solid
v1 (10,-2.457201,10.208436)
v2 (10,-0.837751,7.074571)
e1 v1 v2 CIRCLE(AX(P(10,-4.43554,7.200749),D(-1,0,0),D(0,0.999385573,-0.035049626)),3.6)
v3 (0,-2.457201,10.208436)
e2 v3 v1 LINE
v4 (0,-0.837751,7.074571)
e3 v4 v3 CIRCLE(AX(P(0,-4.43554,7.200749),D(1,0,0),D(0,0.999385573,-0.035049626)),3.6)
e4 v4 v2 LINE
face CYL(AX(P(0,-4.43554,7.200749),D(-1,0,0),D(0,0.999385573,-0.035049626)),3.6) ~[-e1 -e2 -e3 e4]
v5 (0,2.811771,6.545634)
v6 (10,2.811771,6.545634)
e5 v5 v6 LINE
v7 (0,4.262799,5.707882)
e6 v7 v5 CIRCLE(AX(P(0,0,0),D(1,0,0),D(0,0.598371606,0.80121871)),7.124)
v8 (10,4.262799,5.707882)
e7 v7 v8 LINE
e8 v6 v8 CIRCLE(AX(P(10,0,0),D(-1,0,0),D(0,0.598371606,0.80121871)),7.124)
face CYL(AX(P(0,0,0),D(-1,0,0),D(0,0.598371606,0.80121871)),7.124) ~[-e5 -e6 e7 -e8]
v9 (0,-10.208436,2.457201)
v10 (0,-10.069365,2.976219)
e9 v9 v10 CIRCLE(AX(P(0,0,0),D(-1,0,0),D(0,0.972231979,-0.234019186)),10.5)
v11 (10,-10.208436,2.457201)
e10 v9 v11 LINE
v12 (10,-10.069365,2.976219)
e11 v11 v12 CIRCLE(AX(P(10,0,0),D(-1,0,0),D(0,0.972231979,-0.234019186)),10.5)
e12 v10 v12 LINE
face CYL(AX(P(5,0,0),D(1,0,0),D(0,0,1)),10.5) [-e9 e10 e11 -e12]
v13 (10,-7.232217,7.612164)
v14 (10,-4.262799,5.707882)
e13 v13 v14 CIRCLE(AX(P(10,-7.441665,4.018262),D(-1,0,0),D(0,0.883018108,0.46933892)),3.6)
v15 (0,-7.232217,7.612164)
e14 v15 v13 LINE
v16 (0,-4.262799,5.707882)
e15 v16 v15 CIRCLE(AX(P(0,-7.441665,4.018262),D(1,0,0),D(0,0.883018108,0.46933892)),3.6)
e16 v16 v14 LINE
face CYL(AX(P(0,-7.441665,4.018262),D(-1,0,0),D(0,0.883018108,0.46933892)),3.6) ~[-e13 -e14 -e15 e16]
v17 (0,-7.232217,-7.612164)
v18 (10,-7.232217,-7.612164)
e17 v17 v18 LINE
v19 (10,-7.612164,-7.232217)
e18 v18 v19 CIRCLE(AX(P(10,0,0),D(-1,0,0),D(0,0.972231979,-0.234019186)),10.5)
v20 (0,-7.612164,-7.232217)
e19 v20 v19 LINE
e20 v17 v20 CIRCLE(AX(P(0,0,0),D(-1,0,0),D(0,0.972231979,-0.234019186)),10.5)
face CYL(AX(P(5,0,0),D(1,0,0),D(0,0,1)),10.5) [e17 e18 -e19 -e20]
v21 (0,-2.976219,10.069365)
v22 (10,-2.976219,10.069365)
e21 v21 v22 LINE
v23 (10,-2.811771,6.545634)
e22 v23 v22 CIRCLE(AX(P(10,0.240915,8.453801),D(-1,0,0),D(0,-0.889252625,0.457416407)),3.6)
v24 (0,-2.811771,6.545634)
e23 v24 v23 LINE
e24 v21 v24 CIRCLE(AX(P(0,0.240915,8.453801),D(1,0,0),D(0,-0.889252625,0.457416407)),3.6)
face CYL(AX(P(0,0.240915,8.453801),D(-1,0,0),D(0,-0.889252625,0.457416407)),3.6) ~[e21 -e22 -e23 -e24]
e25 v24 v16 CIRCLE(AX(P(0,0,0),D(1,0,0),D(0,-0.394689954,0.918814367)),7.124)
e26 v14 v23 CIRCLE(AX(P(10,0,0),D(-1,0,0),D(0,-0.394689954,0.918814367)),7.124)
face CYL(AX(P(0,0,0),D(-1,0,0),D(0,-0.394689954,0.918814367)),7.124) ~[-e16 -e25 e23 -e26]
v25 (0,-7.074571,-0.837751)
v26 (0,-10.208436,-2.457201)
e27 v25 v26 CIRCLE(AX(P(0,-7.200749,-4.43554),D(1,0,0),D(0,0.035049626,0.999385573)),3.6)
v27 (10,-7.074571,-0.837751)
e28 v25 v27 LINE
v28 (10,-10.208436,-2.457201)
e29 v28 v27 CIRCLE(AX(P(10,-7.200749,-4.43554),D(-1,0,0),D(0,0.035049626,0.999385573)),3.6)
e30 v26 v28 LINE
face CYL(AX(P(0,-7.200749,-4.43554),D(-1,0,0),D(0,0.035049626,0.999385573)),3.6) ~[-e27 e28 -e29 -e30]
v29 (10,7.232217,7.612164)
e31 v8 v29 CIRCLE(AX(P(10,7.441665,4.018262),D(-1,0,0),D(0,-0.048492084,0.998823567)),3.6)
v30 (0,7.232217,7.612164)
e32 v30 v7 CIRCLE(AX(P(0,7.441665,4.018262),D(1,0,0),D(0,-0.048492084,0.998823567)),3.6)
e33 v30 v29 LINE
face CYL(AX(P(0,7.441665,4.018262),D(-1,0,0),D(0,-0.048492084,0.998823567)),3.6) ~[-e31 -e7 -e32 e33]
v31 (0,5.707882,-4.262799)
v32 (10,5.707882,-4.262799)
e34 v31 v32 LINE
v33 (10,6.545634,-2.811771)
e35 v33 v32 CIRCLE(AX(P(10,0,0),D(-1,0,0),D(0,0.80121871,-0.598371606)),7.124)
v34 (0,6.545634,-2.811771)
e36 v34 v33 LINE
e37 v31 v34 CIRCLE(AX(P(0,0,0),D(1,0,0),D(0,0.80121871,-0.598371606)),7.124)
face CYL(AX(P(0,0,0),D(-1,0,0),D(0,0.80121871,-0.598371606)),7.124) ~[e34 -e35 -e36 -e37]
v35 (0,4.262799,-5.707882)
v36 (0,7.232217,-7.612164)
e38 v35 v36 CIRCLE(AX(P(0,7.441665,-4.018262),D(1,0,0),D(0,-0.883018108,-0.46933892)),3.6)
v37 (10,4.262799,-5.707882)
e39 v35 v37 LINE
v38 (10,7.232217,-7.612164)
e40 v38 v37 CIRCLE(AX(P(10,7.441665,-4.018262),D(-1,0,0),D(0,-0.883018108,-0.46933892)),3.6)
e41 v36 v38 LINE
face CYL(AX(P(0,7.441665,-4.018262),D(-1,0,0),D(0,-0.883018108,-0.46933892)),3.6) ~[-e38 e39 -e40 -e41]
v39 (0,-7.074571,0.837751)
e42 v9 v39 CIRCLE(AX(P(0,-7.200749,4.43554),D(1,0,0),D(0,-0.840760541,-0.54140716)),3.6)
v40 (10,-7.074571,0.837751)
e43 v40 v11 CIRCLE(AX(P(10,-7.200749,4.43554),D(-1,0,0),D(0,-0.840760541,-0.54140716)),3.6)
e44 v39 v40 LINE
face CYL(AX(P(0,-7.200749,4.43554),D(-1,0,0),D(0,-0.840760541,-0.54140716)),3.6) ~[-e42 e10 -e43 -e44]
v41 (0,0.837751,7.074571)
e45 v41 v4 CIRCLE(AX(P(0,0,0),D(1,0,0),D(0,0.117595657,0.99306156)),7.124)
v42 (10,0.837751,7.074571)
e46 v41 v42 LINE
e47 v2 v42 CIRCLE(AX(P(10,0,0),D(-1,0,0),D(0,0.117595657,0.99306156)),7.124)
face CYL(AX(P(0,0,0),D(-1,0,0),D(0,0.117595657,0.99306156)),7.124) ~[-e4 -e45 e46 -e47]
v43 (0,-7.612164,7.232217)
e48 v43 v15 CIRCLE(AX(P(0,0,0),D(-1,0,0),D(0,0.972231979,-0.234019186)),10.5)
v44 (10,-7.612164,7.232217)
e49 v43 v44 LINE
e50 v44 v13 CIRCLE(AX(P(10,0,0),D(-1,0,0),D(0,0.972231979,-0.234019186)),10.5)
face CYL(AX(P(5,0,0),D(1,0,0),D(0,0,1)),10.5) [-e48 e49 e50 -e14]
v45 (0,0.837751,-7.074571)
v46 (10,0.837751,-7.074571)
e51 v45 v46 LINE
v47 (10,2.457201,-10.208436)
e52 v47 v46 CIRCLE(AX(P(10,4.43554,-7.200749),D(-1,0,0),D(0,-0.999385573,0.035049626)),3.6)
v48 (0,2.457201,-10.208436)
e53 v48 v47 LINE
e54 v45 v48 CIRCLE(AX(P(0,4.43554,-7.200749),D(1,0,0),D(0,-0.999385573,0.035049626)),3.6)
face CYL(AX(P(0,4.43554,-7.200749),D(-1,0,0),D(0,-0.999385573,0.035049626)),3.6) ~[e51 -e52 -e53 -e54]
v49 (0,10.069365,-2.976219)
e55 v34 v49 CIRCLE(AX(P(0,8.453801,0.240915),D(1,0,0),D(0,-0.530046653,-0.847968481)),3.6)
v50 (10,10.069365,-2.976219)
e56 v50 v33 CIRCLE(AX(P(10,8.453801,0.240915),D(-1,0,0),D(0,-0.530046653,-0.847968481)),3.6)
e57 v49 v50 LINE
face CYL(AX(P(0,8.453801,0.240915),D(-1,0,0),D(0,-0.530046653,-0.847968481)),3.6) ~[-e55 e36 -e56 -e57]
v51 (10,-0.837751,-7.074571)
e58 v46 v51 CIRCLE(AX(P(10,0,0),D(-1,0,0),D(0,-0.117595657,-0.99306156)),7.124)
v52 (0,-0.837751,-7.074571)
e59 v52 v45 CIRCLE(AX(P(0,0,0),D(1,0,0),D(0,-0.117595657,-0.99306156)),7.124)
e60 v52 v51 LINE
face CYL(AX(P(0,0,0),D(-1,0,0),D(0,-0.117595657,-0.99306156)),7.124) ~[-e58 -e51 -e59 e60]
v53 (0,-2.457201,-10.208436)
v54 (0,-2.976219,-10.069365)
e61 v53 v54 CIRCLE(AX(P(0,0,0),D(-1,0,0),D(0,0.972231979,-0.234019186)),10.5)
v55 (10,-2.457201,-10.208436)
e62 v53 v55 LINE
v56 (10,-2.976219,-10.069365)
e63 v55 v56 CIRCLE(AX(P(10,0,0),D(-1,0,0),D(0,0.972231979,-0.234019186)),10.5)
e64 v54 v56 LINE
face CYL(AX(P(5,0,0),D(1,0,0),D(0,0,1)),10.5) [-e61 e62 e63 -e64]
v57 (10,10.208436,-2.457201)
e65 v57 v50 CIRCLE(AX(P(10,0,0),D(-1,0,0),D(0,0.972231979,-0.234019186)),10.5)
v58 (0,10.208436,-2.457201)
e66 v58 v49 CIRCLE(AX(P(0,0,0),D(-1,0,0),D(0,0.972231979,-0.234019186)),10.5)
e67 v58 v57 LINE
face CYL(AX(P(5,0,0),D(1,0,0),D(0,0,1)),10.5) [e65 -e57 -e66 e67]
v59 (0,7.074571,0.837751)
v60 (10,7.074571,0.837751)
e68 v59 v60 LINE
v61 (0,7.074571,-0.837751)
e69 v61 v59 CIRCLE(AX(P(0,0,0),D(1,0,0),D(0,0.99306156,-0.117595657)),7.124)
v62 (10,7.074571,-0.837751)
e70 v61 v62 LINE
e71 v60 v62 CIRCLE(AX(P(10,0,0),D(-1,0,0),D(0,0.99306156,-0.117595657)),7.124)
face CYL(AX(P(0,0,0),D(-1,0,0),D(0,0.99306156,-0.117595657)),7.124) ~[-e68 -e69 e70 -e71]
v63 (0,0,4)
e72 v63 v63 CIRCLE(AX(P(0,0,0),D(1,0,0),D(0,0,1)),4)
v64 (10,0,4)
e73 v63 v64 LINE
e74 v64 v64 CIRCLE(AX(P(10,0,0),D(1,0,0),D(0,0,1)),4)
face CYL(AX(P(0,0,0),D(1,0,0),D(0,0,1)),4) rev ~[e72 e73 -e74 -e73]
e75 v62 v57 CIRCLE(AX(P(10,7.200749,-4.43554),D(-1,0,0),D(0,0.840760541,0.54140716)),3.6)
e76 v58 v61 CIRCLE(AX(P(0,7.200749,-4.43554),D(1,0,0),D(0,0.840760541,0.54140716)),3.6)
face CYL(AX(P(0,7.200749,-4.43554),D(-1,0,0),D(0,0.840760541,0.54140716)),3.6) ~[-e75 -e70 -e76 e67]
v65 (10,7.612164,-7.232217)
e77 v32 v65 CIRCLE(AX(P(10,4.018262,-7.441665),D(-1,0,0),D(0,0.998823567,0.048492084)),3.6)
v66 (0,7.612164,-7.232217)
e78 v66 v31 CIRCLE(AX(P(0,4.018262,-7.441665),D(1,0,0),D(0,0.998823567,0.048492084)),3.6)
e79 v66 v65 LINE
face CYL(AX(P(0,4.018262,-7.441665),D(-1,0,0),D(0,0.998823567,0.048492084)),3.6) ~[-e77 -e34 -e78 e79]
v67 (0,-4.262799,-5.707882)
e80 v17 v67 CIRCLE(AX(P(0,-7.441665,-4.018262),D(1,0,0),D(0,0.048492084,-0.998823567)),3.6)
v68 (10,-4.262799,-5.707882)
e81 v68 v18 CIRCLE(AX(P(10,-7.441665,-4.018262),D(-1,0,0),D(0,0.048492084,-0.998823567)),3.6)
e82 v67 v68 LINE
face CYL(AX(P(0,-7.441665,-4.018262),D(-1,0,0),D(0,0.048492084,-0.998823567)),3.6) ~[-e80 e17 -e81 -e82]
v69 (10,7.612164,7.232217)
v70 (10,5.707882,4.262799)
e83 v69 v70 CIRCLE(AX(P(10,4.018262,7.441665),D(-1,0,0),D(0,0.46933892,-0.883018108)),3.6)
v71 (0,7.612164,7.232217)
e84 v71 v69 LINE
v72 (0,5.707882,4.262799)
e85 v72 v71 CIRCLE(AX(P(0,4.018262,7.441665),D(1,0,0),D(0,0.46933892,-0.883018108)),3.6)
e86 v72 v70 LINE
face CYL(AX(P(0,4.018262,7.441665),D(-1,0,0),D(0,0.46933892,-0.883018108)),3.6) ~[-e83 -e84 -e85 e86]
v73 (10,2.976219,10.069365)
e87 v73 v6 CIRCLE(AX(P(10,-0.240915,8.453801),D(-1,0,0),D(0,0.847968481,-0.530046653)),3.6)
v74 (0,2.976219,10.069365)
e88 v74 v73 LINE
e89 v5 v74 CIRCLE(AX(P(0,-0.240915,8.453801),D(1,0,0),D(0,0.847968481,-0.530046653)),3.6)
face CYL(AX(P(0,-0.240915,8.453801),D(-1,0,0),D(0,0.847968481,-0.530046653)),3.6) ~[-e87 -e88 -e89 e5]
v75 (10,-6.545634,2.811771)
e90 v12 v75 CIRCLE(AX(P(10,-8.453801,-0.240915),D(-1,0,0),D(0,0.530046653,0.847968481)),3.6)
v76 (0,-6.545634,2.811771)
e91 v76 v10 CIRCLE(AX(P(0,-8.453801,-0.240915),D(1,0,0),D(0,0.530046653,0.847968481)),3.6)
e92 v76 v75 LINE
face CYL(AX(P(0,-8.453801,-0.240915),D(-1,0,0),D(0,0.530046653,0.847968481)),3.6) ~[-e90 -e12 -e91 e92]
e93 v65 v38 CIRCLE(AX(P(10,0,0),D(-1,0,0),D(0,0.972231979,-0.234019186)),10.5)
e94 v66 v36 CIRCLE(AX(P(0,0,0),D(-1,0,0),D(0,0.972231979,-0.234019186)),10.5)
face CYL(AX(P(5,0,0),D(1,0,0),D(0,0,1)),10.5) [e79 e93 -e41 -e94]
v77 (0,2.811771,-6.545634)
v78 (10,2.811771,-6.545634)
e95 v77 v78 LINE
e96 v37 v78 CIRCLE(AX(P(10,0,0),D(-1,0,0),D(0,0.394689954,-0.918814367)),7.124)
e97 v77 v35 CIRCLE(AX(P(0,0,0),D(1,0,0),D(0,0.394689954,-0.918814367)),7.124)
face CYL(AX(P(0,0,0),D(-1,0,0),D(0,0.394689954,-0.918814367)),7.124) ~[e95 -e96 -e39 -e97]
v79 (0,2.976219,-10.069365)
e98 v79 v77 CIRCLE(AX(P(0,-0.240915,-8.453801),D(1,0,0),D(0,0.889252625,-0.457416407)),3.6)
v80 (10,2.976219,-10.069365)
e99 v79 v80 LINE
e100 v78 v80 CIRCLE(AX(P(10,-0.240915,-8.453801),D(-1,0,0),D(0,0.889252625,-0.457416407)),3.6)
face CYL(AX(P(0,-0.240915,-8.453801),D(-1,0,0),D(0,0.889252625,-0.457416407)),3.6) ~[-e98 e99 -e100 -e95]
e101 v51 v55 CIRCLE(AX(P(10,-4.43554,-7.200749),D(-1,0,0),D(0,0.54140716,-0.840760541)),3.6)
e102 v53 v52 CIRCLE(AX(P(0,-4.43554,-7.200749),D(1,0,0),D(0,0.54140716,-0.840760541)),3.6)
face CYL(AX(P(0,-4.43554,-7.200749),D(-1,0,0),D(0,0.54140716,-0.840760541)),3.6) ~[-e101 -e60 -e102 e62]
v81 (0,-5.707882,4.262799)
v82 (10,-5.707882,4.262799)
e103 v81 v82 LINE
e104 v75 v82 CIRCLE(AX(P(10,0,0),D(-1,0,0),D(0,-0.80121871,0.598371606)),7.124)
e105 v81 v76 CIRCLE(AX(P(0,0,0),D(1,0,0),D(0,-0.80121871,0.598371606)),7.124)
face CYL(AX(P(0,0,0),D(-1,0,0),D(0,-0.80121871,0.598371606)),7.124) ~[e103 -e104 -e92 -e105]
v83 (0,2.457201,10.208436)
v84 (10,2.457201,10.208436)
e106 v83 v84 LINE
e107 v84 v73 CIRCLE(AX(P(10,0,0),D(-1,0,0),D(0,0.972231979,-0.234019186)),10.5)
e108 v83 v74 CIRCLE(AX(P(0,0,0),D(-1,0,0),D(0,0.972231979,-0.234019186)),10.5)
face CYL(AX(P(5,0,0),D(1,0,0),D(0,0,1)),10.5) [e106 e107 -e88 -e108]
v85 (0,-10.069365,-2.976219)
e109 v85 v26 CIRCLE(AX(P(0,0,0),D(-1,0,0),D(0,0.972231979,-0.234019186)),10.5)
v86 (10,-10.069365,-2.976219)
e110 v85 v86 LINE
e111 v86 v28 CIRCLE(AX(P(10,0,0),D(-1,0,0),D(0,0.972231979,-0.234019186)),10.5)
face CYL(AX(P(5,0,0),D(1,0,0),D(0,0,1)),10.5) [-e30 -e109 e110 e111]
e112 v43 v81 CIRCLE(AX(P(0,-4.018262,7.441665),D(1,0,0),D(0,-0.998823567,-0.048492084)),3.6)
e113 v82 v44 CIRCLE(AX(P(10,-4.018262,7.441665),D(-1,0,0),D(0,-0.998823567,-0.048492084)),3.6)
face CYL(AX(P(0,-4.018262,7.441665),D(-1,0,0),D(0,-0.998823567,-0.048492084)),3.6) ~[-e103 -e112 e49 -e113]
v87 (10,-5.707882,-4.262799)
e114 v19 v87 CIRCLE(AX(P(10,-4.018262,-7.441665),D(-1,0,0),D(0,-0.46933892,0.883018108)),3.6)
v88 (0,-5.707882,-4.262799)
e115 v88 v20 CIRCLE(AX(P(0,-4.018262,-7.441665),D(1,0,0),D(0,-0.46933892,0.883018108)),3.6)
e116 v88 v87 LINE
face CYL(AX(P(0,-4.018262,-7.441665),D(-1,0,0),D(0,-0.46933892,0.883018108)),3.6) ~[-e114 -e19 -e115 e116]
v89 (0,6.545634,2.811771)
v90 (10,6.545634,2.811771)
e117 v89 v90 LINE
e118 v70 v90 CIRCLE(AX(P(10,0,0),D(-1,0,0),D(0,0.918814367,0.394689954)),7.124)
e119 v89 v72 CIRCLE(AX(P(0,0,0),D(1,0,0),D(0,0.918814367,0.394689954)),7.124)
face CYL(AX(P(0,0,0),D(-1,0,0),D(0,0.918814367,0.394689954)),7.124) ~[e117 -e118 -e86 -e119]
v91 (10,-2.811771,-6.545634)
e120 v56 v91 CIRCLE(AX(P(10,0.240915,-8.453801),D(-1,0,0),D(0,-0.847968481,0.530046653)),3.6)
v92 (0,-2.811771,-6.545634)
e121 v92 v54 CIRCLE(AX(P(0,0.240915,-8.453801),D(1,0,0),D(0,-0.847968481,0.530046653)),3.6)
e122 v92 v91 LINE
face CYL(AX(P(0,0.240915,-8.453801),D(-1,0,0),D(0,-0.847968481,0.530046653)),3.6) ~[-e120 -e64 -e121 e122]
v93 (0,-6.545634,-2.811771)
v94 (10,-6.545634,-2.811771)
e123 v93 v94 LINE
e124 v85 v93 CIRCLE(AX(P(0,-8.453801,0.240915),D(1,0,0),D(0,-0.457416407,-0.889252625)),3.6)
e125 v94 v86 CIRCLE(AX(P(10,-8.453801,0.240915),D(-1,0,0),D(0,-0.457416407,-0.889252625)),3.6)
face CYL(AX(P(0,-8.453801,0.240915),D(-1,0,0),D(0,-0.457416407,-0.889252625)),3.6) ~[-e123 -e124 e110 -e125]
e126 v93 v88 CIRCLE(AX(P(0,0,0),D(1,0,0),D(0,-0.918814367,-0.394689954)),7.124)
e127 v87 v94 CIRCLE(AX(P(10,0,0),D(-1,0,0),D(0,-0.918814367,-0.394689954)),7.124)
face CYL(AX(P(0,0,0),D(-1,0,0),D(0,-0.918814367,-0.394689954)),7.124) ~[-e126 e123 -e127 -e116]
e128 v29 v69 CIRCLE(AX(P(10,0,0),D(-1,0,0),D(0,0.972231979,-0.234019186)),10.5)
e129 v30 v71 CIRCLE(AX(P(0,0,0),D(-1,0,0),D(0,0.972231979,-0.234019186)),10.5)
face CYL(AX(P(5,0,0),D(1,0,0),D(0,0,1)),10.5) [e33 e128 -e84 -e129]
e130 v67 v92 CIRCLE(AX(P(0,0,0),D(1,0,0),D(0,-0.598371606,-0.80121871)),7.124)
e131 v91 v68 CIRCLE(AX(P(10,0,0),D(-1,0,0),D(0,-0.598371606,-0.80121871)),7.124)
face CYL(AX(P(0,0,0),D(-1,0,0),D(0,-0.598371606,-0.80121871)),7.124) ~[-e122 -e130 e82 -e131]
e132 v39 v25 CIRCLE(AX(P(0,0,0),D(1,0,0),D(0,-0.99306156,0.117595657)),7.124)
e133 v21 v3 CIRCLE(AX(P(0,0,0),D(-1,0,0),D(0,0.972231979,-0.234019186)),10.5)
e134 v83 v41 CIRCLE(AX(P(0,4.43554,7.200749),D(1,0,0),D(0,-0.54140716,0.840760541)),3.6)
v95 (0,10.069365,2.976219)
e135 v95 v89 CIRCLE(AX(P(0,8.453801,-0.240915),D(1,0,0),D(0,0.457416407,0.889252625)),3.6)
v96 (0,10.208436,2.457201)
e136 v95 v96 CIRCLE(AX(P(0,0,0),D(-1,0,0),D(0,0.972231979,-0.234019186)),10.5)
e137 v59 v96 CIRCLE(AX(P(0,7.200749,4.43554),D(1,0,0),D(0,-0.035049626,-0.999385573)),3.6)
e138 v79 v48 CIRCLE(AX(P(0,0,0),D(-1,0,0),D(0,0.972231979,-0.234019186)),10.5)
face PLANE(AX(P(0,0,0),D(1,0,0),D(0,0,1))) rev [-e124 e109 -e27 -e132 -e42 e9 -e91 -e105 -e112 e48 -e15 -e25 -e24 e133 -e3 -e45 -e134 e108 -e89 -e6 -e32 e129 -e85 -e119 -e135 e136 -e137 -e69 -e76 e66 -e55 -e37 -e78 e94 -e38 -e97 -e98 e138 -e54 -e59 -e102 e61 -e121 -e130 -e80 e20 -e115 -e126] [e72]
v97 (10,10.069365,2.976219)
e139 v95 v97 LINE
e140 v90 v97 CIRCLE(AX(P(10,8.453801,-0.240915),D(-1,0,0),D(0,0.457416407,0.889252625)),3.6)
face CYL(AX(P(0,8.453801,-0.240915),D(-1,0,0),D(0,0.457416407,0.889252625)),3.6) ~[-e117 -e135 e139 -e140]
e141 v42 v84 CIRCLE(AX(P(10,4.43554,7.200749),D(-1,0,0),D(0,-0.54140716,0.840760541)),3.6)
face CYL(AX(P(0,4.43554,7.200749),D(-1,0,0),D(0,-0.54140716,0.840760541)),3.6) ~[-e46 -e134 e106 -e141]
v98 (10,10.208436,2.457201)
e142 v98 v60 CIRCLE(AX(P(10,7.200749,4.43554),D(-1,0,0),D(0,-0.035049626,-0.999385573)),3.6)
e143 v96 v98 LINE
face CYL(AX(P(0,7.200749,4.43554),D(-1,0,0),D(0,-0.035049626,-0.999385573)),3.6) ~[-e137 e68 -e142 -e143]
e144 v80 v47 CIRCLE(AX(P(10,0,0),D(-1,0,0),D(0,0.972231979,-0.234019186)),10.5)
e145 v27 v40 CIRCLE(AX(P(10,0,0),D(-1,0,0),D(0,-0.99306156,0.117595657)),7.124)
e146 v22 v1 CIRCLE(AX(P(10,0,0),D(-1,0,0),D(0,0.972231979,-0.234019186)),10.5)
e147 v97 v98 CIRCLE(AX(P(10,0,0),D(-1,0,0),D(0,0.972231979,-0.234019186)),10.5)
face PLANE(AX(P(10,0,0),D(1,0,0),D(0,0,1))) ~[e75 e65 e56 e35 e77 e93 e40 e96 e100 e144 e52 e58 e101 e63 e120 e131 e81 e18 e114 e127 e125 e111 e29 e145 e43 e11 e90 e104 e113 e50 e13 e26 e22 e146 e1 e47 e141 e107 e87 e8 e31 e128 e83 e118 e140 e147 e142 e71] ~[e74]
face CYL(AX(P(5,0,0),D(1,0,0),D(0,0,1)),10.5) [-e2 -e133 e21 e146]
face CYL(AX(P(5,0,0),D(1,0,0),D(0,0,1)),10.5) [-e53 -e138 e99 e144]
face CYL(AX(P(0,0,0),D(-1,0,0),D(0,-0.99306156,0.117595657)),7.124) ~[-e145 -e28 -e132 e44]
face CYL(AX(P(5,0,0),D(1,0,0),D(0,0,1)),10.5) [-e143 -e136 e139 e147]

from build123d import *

# Parameters (mm, degrees)
BASPROSKE_W     = 10
BASPROSKE_H     = 10.5
TOOTHCUT_DEPTH  = 18.90251379
TEETHCUTS_COUNT = 12
TEETHCUTS_ANGLE = 330
BORSKE_R        = 4
BORE_DEPTH      = 50.0000508


with BuildPart() as part:
    # BasProSke → Base-Revolve (revolve)
    with BuildSketch(Plane(origin=(0, 0, 0), x_dir=(1, 0, 0), z_dir=(0, 1, 0)), mode=Mode.PRIVATE) as base_revolve_sk:
        with Locations((5, 5.25)):
            Rectangle(BASPROSKE_W, BASPROSKE_H)
    revolve(base_revolve_sk.sketch.rotate(Axis((-10, 0, 0), (1, 0, 0)), 180), axis=Axis((-10, 0, 0), (1, 0, 0)))

    # TooCutSke → ToothCut (cut, through all)
    with BuildSketch(Plane(origin=(0, 0, 0), x_dir=(0, 0, -1), z_dir=(1, 0, 0))):
        with BuildLine():
            ThreePointArc((0.837751456, 7.074570552), (0, 7.124), (-0.837751456, 7.074570552))
            ThreePointArc((-0.837751456, 7.074570552), (-1.245380016, 8.868946541), (-2.486473743, 10.227487154))
            ThreePointArc((-2.486473743, 10.227487154), (0, 10.5254), (2.486473743, 10.227487154))
            ThreePointArc((2.486473743, 10.227487154), (1.245380016, 8.868946541), (0.837751456, 7.074570552))
        make_face()
    toothcut = extrude(amount=TOOTHCUT_DEPTH, mode=Mode.SUBTRACT)

    # TeethCuts: ToothCut ×12 about axis
    teethcuts_axis = Axis((-10, 0, 0), (1, 0, 0))
    for i in range(1, TEETHCUTS_COUNT):
        add(toothcut.rotate(teethcuts_axis, i * TEETHCUTS_ANGLE / (TEETHCUTS_COUNT - 1)), mode=Mode.SUBTRACT)

    # BorSke → Bore (cut, symmetric)
    with BuildSketch(Plane(origin=(0, 0, 0), x_dir=(0, 0, -1), z_dir=(1, 0, 0))):
        with Locations(Location((0, 0, 0), (0, 0, 180))):
            Circle(BORSKE_R)
    extrude(amount=BORE_DEPTH, both=True, mode=Mode.SUBTRACT)


solid = part.part
